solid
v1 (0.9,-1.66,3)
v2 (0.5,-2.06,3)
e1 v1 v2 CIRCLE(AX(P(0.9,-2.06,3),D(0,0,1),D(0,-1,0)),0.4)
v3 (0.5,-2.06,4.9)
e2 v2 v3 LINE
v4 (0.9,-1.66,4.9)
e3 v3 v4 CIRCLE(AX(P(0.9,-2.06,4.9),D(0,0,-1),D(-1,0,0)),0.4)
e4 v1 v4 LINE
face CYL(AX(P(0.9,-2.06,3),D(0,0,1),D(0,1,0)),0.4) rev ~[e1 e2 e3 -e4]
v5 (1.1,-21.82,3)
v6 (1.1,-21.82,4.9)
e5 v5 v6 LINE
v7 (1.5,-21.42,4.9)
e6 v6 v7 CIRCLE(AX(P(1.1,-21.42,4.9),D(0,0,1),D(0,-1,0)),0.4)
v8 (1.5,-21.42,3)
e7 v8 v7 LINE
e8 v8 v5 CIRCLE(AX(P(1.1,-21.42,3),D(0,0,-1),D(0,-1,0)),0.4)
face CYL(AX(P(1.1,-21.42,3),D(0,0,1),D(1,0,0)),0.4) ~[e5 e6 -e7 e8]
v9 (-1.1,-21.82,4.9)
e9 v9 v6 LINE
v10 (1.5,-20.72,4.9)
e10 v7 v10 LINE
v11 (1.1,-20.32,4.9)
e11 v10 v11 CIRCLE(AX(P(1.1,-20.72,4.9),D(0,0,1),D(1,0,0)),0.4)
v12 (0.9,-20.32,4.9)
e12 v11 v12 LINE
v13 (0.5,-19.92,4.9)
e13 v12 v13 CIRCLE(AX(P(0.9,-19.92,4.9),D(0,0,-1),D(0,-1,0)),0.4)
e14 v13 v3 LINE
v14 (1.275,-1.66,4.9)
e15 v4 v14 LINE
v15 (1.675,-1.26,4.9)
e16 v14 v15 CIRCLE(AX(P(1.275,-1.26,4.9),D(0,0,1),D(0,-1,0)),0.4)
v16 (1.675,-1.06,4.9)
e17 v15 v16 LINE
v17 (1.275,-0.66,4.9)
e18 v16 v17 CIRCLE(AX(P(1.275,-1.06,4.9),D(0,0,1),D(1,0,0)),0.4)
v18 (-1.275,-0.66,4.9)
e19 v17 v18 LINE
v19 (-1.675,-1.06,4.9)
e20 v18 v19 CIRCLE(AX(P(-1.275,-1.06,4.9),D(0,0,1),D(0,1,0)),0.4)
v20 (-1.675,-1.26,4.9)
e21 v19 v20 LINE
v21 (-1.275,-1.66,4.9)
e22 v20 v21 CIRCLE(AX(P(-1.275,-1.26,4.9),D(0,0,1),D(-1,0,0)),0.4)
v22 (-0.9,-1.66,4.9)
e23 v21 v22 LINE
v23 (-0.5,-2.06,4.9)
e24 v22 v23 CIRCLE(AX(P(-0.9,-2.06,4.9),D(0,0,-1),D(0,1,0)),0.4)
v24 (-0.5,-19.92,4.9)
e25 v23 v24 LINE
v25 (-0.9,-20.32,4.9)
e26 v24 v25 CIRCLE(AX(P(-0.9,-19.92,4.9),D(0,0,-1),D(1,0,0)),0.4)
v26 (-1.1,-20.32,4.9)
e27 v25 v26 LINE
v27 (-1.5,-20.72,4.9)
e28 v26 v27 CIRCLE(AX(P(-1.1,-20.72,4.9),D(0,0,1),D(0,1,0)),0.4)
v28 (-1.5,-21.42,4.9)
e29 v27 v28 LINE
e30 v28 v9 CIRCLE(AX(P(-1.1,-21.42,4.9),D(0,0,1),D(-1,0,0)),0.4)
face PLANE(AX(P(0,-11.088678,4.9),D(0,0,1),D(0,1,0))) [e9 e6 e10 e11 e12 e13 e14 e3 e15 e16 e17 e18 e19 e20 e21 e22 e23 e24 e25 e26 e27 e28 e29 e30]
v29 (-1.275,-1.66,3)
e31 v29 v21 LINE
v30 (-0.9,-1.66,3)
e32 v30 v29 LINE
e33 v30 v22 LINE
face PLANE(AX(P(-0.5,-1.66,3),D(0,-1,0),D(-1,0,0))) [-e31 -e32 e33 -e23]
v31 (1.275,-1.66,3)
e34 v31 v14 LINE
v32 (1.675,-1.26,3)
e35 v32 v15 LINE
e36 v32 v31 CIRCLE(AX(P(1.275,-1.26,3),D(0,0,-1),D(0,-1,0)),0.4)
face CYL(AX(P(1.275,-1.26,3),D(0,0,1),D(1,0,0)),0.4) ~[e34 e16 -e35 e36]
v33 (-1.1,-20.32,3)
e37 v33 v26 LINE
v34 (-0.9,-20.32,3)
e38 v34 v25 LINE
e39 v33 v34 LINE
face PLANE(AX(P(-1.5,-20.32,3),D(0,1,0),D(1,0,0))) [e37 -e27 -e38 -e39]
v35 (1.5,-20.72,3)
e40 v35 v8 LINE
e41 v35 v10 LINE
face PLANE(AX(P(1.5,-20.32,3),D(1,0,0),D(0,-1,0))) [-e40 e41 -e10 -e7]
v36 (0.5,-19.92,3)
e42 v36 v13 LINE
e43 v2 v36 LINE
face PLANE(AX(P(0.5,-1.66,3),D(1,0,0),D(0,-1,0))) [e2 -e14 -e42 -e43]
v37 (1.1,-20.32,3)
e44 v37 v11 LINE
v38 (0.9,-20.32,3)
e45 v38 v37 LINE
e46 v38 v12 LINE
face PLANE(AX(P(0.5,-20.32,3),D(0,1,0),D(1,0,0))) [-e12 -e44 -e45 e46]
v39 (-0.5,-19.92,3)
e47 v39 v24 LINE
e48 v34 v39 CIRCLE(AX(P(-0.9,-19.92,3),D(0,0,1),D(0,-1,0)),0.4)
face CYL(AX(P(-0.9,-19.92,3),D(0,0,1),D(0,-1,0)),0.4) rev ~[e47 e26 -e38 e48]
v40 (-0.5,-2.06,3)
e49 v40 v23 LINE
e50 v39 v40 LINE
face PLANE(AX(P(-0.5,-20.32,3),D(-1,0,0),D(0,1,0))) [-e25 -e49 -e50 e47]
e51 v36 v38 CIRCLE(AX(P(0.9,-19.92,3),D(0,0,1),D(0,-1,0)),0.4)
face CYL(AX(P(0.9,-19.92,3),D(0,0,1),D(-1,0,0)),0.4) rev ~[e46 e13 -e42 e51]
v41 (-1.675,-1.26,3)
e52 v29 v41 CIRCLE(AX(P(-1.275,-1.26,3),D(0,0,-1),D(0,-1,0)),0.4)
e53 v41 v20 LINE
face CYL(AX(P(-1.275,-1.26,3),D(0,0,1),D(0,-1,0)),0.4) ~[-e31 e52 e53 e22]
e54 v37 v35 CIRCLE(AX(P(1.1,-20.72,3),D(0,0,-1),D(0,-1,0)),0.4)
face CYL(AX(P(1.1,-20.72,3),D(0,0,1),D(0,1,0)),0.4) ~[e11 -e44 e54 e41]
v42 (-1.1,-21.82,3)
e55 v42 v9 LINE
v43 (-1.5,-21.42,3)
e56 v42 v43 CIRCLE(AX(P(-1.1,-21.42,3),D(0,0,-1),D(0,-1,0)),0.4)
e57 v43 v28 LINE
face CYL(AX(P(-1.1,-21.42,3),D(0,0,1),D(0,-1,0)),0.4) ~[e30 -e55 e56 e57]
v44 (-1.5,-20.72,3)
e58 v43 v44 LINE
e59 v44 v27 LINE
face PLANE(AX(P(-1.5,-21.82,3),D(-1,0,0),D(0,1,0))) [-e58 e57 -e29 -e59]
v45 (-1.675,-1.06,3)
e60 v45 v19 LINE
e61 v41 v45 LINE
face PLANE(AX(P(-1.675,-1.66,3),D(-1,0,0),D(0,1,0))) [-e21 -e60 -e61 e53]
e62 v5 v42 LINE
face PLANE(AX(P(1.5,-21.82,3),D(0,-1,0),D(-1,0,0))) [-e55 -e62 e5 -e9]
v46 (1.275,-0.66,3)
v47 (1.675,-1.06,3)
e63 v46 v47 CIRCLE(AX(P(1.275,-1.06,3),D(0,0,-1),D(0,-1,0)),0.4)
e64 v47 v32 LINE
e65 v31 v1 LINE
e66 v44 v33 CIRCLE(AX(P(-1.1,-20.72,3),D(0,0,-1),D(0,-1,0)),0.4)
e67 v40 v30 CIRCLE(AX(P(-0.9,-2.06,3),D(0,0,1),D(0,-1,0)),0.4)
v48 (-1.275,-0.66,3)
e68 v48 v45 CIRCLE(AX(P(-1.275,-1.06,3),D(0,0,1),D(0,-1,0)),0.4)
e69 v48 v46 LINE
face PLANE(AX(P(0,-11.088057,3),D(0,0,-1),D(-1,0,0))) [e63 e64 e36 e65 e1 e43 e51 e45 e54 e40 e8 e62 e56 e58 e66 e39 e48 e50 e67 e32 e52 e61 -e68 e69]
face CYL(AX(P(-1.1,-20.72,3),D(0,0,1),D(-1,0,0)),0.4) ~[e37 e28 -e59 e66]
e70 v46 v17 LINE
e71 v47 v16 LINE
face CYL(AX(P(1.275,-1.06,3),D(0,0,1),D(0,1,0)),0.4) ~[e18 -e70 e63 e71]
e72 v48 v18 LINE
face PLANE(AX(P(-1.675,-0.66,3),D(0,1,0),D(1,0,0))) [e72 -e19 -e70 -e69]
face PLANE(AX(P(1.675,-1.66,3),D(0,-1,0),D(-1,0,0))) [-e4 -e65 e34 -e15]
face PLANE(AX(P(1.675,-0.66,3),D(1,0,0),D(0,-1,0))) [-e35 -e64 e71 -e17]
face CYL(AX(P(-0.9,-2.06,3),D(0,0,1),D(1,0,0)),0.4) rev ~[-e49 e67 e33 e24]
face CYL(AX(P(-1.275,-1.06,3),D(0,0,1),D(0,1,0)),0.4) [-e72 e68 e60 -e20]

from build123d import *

# Parameters (mm, degrees)
PAD002_DEPTH    = 2
FILLET003_R     = 0.4
POCKET010_DEPTH = 0.1


with BuildPart() as part:
    # Sketch009 → Pad002 (new body)
    with BuildSketch(Plane.XY):
        Polygon((-1.675, -0.66), (1.675, -0.66), (1.675, -1.66), (0.5, -1.66), (0.5, -20.32), (1.5, -20.32), (1.5, -21.82), (-1.5, -21.82), (-1.5, -20.32), (-0.5, -20.32), (-0.5, -1.66), (-1.675, -1.66), align=None)
    extrude(amount=PAD002_DEPTH)

    # Fillet003
    fillet003_edges = [part.edges().sort_by_distance(p)[0] for p in [
        (-1.675, -1.66, 1),
        (-1.675, -0.66, 1),
        (1.675, -0.66, 1),
        (1.675, -1.66, 1),
        (0.5, -1.66, 1),
        (-0.5, -1.66, 1),
        (-0.5, -20.32, 1),
        (-1.5, -20.32, 1),
        (-1.5, -21.82, 1),
        (1.5, -21.82, 1),
        (1.5, -20.32, 1),
        (0.5, -20.32, 1),
    ]]
    fillet(fillet003_edges, radius=FILLET003_R)

    # Fillet003 Face5 → Pocket010 (cut)
    with BuildSketch(Plane(origin=(0, -11.4600006044, 2), x_dir=(0, 1, 0), z_dir=(0, 0, 1))):
        with BuildLine():
            Line((9.8000006044, 1.275), (9.8000006044, 0.9))
            ThreePointArc((9.8000006044, 0.9), (9.6828433168, 0.6171572875), (9.4000006044, 0.5))
            Line((9.4000006044, 0.5), (-8.4599993956, 0.5))
            ThreePointArc((-8.4599993956, 0.5), (-8.7428421081, 0.6171572875), (-8.8599993956, 0.9))
            Line((-8.8599993956, 0.9), (-8.8599993956, 1.1))
            ThreePointArc((-8.8599993956, 1.1), (-8.9771566832, 1.3828427125), (-9.2599993956, 1.5))
            Line((-9.2599993956, 1.5), (-9.9599993956, 1.5))
            ThreePointArc((-9.9599993956, 1.5), (-10.2428421081, 1.3828427125), (-10.3599993956, 1.1))
            Line((-10.3599993956, 1.1), (-10.3599993956, -1.1))
            ThreePointArc((-10.3599993956, -1.1), (-10.2428421081, -1.3828427125), (-9.9599993956, -1.5))
            Line((-9.9599993956, -1.5), (-9.2599993956, -1.5))
            ThreePointArc((-9.2599993956, -1.5), (-8.9771566832, -1.3828427125), (-8.8599993956, -1.1))
            Line((-8.8599993956, -1.1), (-8.8599993956, -0.9))
            ThreePointArc((-8.8599993956, -0.9), (-8.7428421081, -0.6171572875), (-8.4599993956, -0.5))
            Line((-8.4599993956, -0.5), (9.4000006044, -0.5))
            ThreePointArc((9.4000006044, -0.5), (9.6828433168, -0.6171572875), (9.8000006044, -0.9))
            Line((9.8000006044, -0.9), (9.8000006044, -1.275))
            ThreePointArc((9.8000006044, -1.275), (9.9171578919, -1.5578427125), (10.2000006044, -1.675))
            Line((10.2000006044, -1.675), (10.4000006044, -1.675))
            ThreePointArc((10.4000006044, -1.675), (10.6828433168, -1.5578427125), (10.8000006044, -1.275))
            Line((10.8000006044, -1.275), (10.8000006044, 1.275))
            ThreePointArc((10.8000006044, 1.275), (10.6828433168, 1.5578427125), (10.4000006044, 1.675))
            Line((10.4000006044, 1.675), (10.2000006044, 1.675))
            ThreePointArc((10.2000006044, 1.675), (9.9171578919, 1.5578427125), (9.8000006044, 1.275))
        make_face()
    extrude(amount=-POCKET010_DEPTH, mode=Mode.SUBTRACT)


with BuildPart() as part_1:
    # Body002 placement: moved
    add(part.part.moved(Location((0, 0, 3))))


solid = part_1.part
